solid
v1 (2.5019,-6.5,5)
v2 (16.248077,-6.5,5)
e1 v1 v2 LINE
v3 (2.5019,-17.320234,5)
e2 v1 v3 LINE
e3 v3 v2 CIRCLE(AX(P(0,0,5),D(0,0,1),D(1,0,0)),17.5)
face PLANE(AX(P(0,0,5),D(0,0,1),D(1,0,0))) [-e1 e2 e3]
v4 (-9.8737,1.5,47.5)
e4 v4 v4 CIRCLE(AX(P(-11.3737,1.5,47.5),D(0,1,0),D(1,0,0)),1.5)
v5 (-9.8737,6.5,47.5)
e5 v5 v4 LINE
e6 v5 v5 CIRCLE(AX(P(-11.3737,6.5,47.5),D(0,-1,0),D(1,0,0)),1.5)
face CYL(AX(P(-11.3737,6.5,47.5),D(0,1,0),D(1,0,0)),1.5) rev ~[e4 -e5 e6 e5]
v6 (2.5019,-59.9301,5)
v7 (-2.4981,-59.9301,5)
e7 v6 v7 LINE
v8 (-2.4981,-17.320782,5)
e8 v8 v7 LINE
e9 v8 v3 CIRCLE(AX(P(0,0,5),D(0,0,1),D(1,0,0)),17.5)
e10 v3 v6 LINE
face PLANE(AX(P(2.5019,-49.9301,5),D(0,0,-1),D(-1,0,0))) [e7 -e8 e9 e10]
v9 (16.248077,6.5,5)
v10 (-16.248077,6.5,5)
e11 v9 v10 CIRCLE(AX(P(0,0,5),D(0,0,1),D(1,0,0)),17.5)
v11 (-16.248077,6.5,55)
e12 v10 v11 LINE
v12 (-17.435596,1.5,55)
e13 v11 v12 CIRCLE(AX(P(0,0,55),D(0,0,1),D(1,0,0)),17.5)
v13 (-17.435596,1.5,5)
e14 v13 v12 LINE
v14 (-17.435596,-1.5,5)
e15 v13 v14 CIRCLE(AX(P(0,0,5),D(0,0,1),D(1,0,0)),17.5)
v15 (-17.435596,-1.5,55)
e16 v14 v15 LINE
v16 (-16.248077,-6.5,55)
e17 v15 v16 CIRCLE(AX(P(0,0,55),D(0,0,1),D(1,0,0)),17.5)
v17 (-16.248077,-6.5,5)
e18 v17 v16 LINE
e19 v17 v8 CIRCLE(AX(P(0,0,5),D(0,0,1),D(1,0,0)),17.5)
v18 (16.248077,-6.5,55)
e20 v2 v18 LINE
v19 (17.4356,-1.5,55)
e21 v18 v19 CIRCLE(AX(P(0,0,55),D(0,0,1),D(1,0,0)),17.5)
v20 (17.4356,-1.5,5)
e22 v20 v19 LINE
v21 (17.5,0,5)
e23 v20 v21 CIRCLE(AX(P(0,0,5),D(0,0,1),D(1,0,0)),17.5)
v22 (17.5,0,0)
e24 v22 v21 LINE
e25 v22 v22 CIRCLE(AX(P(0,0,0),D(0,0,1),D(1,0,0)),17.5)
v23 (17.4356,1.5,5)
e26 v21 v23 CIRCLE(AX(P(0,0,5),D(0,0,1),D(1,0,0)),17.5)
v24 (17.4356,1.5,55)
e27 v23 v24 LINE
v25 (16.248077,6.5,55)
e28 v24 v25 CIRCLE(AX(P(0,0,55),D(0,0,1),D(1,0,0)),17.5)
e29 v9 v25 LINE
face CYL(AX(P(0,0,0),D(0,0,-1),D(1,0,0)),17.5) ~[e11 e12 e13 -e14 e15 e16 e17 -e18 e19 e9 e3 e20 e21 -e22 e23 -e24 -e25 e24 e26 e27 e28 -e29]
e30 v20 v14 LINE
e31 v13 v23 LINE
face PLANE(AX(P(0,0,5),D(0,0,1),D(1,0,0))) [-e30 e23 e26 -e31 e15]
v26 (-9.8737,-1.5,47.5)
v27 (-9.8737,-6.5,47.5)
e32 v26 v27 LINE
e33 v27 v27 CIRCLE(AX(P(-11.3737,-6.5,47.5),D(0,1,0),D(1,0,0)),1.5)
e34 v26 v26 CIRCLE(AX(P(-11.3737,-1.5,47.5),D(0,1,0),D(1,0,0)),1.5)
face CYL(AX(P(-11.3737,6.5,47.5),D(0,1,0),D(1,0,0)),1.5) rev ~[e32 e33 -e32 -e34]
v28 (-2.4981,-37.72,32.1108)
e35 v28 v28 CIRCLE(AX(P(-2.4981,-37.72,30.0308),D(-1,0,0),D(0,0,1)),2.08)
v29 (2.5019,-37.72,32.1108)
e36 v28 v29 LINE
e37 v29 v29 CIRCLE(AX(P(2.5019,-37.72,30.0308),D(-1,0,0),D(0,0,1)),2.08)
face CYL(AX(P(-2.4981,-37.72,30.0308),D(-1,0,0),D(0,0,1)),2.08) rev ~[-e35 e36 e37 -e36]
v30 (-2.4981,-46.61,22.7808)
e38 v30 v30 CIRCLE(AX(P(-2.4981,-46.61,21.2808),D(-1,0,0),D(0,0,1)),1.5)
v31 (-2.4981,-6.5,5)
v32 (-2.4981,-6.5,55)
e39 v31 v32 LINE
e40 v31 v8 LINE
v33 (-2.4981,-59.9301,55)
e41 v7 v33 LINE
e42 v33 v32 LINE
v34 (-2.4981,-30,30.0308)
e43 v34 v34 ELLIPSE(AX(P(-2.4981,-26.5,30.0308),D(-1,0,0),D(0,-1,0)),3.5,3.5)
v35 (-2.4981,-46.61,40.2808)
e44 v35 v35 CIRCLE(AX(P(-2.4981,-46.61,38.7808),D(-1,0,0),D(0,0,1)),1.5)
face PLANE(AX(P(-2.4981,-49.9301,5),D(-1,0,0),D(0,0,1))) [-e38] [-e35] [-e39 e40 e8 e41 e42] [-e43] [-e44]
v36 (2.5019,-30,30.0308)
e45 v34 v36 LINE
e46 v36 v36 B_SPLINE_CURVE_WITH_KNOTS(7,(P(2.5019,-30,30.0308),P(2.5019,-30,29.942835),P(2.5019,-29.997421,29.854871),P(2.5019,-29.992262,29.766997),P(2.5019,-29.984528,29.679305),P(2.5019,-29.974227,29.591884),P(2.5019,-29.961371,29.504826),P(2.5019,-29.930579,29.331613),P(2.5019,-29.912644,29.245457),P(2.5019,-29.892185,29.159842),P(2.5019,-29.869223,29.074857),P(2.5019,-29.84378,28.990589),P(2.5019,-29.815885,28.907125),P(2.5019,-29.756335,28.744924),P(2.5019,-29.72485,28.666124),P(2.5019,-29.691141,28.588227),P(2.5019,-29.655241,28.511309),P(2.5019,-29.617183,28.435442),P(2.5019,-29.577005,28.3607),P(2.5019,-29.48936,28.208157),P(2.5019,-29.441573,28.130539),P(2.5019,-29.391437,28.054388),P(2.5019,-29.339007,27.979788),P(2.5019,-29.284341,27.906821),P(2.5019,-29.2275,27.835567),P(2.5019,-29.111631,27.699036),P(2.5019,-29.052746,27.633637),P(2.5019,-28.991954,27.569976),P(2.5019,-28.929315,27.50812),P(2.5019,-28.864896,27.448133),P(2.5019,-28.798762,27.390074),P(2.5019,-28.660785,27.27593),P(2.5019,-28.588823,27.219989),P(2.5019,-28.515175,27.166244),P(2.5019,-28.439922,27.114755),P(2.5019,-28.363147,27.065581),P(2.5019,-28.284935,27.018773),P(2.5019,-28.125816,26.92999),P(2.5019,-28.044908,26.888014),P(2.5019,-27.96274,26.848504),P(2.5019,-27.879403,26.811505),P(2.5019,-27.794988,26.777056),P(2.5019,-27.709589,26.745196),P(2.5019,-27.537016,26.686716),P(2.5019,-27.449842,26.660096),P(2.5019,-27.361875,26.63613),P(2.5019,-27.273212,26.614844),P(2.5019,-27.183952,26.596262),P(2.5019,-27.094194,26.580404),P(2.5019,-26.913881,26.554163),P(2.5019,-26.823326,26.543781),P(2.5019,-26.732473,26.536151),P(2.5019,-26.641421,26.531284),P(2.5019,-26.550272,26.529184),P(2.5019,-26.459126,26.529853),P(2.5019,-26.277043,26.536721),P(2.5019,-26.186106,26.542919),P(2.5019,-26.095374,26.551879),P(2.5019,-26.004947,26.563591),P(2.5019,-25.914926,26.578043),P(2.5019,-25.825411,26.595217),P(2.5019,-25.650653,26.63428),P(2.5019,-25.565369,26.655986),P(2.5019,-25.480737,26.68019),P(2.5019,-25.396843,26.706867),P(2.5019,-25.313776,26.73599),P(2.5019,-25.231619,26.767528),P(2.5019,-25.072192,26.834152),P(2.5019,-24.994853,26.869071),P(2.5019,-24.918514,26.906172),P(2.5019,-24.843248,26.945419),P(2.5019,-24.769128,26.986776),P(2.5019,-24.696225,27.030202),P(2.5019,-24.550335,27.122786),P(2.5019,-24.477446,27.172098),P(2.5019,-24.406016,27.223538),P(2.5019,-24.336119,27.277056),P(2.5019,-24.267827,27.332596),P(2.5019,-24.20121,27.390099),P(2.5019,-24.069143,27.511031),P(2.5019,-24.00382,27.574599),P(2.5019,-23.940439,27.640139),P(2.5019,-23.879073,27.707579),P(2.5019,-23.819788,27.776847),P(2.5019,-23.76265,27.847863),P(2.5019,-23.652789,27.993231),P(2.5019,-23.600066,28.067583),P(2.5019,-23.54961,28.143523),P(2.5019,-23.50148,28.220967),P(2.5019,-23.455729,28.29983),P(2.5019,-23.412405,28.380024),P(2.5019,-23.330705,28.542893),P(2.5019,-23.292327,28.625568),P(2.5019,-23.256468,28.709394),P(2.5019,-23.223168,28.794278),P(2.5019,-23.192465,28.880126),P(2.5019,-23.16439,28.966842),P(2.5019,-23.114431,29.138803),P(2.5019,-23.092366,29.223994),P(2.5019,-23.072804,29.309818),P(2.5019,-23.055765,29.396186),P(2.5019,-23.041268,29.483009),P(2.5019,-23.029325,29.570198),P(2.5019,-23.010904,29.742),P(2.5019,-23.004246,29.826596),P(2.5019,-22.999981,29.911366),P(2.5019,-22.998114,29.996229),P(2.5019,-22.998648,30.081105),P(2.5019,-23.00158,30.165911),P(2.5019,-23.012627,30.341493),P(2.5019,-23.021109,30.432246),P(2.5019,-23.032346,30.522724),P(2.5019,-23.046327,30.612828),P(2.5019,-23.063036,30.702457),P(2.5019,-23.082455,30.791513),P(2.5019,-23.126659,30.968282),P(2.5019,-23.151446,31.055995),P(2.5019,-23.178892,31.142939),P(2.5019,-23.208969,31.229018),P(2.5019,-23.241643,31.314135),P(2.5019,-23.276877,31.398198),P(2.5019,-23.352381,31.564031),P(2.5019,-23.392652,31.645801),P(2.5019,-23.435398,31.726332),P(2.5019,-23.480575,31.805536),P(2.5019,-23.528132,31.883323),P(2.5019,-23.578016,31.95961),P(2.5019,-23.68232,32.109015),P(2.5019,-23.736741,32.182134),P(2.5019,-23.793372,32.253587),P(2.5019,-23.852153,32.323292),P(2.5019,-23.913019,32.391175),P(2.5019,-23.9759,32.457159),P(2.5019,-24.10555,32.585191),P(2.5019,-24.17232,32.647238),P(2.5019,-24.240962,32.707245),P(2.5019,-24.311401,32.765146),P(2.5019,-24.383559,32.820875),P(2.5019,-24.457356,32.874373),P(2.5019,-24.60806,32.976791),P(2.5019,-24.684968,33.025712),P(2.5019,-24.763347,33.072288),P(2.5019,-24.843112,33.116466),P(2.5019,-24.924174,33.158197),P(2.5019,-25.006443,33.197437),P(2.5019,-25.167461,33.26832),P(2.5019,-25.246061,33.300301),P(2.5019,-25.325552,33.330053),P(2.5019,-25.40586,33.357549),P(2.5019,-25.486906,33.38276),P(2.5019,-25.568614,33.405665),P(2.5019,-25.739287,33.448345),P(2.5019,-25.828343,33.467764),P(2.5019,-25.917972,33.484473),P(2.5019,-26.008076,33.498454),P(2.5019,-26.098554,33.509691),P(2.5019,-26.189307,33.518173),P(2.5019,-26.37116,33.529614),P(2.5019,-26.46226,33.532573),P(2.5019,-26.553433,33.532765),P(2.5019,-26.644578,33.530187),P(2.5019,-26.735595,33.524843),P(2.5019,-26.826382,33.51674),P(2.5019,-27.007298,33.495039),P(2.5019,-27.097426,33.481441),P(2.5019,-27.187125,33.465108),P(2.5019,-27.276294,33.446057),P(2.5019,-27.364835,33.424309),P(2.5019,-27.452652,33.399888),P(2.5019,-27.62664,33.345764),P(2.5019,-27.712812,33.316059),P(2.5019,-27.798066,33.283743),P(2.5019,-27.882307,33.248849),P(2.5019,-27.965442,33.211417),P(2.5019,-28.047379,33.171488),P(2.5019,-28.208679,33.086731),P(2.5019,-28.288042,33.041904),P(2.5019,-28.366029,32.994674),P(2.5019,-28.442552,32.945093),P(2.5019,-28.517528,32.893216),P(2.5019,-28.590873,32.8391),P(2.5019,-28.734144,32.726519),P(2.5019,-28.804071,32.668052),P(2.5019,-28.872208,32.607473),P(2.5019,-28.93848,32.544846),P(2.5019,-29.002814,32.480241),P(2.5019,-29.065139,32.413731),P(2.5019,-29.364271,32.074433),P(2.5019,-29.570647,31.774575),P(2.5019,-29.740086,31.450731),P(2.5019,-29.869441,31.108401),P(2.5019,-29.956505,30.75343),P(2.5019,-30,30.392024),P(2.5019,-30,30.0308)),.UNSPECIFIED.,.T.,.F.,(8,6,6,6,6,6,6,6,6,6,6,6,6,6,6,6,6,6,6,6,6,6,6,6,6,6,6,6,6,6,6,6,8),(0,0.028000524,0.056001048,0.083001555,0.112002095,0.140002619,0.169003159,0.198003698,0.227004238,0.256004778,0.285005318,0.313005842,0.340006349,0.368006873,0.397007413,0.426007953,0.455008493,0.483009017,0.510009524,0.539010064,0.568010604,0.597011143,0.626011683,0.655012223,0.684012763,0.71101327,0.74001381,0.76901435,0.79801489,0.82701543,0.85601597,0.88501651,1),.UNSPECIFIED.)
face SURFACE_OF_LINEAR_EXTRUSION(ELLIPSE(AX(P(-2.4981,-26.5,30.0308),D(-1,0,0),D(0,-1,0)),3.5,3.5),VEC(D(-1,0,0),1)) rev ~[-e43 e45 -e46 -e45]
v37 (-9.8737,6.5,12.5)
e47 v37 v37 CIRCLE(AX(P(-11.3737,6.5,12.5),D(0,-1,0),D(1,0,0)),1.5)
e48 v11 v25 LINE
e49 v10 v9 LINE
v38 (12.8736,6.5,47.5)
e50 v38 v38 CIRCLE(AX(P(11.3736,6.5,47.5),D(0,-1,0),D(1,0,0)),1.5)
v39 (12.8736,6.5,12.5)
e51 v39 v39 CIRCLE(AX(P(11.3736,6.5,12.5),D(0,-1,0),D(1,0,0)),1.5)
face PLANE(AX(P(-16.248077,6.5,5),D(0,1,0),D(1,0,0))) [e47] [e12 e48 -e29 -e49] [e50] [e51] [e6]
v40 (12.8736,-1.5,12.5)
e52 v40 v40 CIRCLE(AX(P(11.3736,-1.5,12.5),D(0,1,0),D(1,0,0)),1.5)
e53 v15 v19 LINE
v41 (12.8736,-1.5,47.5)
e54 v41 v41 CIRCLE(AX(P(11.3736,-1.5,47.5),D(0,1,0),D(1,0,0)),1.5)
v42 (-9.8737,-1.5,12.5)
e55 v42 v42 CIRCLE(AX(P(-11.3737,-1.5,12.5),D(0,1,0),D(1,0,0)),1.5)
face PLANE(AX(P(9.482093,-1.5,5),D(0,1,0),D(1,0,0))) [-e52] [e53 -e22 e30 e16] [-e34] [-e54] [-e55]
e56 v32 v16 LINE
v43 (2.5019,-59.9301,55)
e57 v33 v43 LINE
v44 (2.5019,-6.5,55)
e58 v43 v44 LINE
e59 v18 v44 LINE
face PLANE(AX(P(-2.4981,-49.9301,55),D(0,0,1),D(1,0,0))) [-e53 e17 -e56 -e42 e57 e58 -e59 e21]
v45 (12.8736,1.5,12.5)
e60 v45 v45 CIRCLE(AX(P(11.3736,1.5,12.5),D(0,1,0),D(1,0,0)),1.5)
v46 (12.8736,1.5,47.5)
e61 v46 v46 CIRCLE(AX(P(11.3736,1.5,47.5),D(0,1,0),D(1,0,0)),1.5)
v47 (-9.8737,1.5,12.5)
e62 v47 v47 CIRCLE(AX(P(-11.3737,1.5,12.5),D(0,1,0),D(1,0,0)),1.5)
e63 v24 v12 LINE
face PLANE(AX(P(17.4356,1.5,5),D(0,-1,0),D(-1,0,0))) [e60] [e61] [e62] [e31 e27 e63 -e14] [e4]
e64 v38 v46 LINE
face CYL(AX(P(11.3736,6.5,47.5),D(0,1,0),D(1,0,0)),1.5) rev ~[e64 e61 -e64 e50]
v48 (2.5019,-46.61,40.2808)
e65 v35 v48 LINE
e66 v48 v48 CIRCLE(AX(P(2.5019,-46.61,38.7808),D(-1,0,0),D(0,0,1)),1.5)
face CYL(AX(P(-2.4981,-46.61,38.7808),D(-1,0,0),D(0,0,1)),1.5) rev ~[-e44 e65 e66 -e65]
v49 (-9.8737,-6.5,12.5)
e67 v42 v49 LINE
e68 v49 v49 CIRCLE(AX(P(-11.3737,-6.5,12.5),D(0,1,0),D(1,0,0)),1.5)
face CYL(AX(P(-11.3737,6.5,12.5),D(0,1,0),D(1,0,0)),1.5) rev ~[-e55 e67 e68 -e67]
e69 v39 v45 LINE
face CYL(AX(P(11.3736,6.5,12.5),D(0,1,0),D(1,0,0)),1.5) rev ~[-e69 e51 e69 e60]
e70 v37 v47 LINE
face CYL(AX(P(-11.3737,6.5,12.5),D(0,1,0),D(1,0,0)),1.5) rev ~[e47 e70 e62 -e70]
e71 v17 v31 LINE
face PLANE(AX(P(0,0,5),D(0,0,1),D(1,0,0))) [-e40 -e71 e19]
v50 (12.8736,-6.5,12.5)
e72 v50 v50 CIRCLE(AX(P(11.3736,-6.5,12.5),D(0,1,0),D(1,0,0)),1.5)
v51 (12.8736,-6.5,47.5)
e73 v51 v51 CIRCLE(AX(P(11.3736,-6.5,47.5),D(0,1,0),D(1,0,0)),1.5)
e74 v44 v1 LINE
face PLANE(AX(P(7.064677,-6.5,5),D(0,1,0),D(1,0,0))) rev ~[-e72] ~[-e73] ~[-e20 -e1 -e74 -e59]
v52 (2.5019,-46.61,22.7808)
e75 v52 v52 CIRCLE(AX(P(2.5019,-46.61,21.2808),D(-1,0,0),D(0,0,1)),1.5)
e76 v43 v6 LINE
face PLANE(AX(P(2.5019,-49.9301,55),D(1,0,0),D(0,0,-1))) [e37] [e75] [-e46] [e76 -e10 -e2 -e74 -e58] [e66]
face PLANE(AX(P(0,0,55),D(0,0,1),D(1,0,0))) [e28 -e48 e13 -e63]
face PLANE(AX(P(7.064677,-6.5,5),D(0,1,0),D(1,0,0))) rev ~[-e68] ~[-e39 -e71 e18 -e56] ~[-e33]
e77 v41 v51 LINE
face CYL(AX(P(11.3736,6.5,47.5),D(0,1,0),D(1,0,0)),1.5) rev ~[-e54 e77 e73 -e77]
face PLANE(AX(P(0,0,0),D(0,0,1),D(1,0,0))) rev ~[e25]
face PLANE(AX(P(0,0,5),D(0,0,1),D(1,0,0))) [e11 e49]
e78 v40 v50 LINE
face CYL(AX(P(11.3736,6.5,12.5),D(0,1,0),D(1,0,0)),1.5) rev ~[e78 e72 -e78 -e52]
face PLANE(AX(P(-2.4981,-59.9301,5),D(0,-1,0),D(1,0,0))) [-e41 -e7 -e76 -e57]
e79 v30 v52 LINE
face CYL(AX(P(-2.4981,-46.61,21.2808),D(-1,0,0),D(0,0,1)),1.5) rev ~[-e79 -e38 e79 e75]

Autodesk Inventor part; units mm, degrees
ref_plane "YZ Plane" through (0, 0, 0) normal (1, 0, 0) x (0, 1, 0)
ref_plane "XZ Plane" through (0, 0, 0) normal (0, 1, 0) x (-1, 0, 0)
sketch "Sketch1" plane through (0, 0, 0) normal (0, 0, 1) x (1, 0, 0)
  circle A0 centre (0, 0) radius 17.5
  dimension "d0" = 35
extrude "Extrusion1" add sketch "Sketch1" along normal blind 5
sketch "Sketch2" plane through (0, 0, 5) normal (0, 0, 1) x (1, 0, 0)
  line L0 (25, 1.5) -> (-25, 1.5)
  line L1 (-25, 1.5) -> (-25, -1.5)
  line L2 (-25, -1.5) -> (25, -1.5)
  line L3 (25, -1.5) -> (25, 1.5)
  line L4 (25, 1.5) -> (-25, -1.5) construction
  line L5 (-25, 1.5) -> (25, -1.5) construction
  arc A0 (-8.8619, 3.6913) -> (8.9371, 3.5055) centre (0, 0) ccw projected
  circle A1 centre (0, 0) radius 17.5 projected
  circle A2 centre (0, 0) radius 17.5 projected
  line L6 (17.4356, -1.5) -> (-22.5, -1.5)
  line L7 (-22.5, -1.5) -> (-22.5, -6.5)
  line L8 (-22.5, -6.5) -> (17.4356, -6.5)
  line L9 (17.4356, -6.5) -> (17.4356, -1.5)
  line L10 (17.4356, 1.5) -> (-22.5, 1.5)
  line L11 (-22.5, 1.5) -> (-22.5, 6.5)
  line L12 (-22.5, 6.5) -> (17.4356, 6.5)
  line L13 (17.4356, 6.5) -> (17.4356, 1.5)
  point P0 (-3.75, -16.4)
  point P1 (16.2481, 6.5)
  point P2 (-16.2481, 6.5)
  point P3 (-17.4356, 1.5)
  point P4 (17.4356, 1.5)
  point P5 (16.2481, -6.5)
  point P6 (17.4356, -1.5)
  point P7 (-17.4356, -1.5)
  point P8 (-16.2481, -6.5)
  dimension "d3" = 50
  dimension "d4" = 3
  dimension "d5" = 5
  dimension "d6" = 5
extrude "Extrusion2" add sketch "Sketch2" along normal blind 50 contours L0 A1 L12 | A1 L8 A0 L2 | A0 L8 L2 | A0 L8 A1 L2
sketch "Sketch3" plane through (-16.2481, 6.5, 5) normal (0, 1, 0) x (1, 0, 0)
  line L0 (0, 0) -> (32.4962, 0) projected
  line L1 (0, 0) -> (0, -50) projected
  line L2 (32.4962, -50) -> (0, -50) projected
  line L3 (32.4962, 0) -> (32.4962, -50) projected
  line L4 (0, 0) -> (0, -50) projected
  line L5 (32.4962, 0) -> (32.4962, -50) projected
  line L6 (0, 0) -> (32.4962, -50)
  line L7 (32.4962, -50) -> (0, -50) projected
  line L8 (0, -50) -> (32.4962, 0)
  line L9 (27.6217, -7.5) -> (4.8744, -7.5)
  line L10 (4.8744, -7.5) -> (4.8744, -42.5)
  line L11 (4.8744, -42.5) -> (27.6217, -42.5)
  line L12 (27.6217, -42.5) -> (27.6217, -7.5)
  line L13 (27.6217, -7.5) -> (4.8744, -42.5) construction
  line L14 (4.8744, -7.5) -> (27.6217, -42.5) construction
  circle A0 centre (27.6217, -42.5) radius 1.5
  circle A1 centre (4.8744, -42.5) radius 1.5
  circle A2 centre (4.8744, -7.5) radius 1.5
  circle A3 centre (27.6217, -7.5) radius 1.5
  point P0 (16.2481, 5)
  point P1 (16.2481, -25)
  dimension "d9" = 35
  dimension "d10" = 3
  dimension "d11" = 3
  dimension "d12" = 3
  dimension "d13" = 3
extrude "Extrusion3" cut sketch "Sketch3" against normal through all contours A2 L9 L6 | L6 L10 A2 | A3 L12 L8 | L8 L9 A3 | A1 L10 L8 | L8 L11 A1 | L9 A2 L6 | L6 A2 L10 | A0 L11 L6 | L6 L12 A0 | L12 A3 L8 | L8 A3 L9 | L10 A1 L8 | L8 A1 L11 | L11 A0 L6 | L6 A0 L12
sketch "Sketch4" plane through (-16.2481, -6.5, 5) normal (0, -1, 0) x (1, 0, 0)
  line L0 (13.75, 50) -> (18.75, 50)
  line L1 (18.75, 50) -> (18.75, 0)
  line L2 (18.75, 0) -> (13.75, 0)
  line L3 (13.75, 0) -> (13.75, 50)
  line L4 (0, 50) -> (32.4962, 50) projected
  line L5 (32.4962, 0) -> (0, 0) projected
  line L6 (0, 0) -> (0, 50) projected
  point P0 (16.2481, -5)
  dimension "d16" = 0
  dimension "d17" = 0
  dimension "d18" = 5
  dimension "d19" = 13.75
ref_plane "Work Plane1" through (-232.5644, -49.9301, 5) normal (0, -1, 0) x (1, 0, 0)
extrude "Extrusion4" add sketch "Sketch4" along normal up to surface (43.4301 mm away) contours L0 L1 L2 L3
sketch "Sketch5" plane through (-2.4981, -6.5, 5) normal (-1, 0, 0) x (0, 0, 1)
  ellipse E0 centre (25.0308, -20) end of major axis (25.0308, -23.5) minor radius 3.5 projected
  point P0 (-5, 6.5)
extrude "Extrusion5" cut sketch "Sketch5" against normal through all
sketch "Sketch6" plane through (-2.4981, -6.5, 5) normal (-1, 0, 0) x (0, 0, 1)
  circle A0 centre (25.0308, -31.22) radius 2.08 projected
  point P0 (-5, 6.5)
extrude "Extrusion6" cut sketch "Sketch6" against normal up to surface (5 mm away)
sketch "Sketch7" plane through (-2.4981, -6.5, 5) normal (-1, 0, 0) x (0, 0, 1)
  circle A0 centre (33.7808, -40.11) radius 1.5 projected
  circle A1 centre (16.2808, -40.11) radius 1.5 projected
  point P0 (-5, 6.5)
extrude "Extrusion7" cut sketch "Sketch7" against normal blind 50
sketch "Sketch8" plane through (-2.4981, -49.9301, 5) normal (0, -1, 0) x (1, 0, 0)
  line L0 (0, 0) -> (0, 50) projected
  line L1 (5, 0) -> (0, 0) projected
  line L2 (5, 50) -> (5, 0) projected
  line L3 (0, 50) -> (5, 50) projected
  point P0 (2.4981, -5)
extrude "Extrusion8" add sketch "Sketch8" along normal blind 10
properties part number "arm - servo mount" material "PET Plastic"
